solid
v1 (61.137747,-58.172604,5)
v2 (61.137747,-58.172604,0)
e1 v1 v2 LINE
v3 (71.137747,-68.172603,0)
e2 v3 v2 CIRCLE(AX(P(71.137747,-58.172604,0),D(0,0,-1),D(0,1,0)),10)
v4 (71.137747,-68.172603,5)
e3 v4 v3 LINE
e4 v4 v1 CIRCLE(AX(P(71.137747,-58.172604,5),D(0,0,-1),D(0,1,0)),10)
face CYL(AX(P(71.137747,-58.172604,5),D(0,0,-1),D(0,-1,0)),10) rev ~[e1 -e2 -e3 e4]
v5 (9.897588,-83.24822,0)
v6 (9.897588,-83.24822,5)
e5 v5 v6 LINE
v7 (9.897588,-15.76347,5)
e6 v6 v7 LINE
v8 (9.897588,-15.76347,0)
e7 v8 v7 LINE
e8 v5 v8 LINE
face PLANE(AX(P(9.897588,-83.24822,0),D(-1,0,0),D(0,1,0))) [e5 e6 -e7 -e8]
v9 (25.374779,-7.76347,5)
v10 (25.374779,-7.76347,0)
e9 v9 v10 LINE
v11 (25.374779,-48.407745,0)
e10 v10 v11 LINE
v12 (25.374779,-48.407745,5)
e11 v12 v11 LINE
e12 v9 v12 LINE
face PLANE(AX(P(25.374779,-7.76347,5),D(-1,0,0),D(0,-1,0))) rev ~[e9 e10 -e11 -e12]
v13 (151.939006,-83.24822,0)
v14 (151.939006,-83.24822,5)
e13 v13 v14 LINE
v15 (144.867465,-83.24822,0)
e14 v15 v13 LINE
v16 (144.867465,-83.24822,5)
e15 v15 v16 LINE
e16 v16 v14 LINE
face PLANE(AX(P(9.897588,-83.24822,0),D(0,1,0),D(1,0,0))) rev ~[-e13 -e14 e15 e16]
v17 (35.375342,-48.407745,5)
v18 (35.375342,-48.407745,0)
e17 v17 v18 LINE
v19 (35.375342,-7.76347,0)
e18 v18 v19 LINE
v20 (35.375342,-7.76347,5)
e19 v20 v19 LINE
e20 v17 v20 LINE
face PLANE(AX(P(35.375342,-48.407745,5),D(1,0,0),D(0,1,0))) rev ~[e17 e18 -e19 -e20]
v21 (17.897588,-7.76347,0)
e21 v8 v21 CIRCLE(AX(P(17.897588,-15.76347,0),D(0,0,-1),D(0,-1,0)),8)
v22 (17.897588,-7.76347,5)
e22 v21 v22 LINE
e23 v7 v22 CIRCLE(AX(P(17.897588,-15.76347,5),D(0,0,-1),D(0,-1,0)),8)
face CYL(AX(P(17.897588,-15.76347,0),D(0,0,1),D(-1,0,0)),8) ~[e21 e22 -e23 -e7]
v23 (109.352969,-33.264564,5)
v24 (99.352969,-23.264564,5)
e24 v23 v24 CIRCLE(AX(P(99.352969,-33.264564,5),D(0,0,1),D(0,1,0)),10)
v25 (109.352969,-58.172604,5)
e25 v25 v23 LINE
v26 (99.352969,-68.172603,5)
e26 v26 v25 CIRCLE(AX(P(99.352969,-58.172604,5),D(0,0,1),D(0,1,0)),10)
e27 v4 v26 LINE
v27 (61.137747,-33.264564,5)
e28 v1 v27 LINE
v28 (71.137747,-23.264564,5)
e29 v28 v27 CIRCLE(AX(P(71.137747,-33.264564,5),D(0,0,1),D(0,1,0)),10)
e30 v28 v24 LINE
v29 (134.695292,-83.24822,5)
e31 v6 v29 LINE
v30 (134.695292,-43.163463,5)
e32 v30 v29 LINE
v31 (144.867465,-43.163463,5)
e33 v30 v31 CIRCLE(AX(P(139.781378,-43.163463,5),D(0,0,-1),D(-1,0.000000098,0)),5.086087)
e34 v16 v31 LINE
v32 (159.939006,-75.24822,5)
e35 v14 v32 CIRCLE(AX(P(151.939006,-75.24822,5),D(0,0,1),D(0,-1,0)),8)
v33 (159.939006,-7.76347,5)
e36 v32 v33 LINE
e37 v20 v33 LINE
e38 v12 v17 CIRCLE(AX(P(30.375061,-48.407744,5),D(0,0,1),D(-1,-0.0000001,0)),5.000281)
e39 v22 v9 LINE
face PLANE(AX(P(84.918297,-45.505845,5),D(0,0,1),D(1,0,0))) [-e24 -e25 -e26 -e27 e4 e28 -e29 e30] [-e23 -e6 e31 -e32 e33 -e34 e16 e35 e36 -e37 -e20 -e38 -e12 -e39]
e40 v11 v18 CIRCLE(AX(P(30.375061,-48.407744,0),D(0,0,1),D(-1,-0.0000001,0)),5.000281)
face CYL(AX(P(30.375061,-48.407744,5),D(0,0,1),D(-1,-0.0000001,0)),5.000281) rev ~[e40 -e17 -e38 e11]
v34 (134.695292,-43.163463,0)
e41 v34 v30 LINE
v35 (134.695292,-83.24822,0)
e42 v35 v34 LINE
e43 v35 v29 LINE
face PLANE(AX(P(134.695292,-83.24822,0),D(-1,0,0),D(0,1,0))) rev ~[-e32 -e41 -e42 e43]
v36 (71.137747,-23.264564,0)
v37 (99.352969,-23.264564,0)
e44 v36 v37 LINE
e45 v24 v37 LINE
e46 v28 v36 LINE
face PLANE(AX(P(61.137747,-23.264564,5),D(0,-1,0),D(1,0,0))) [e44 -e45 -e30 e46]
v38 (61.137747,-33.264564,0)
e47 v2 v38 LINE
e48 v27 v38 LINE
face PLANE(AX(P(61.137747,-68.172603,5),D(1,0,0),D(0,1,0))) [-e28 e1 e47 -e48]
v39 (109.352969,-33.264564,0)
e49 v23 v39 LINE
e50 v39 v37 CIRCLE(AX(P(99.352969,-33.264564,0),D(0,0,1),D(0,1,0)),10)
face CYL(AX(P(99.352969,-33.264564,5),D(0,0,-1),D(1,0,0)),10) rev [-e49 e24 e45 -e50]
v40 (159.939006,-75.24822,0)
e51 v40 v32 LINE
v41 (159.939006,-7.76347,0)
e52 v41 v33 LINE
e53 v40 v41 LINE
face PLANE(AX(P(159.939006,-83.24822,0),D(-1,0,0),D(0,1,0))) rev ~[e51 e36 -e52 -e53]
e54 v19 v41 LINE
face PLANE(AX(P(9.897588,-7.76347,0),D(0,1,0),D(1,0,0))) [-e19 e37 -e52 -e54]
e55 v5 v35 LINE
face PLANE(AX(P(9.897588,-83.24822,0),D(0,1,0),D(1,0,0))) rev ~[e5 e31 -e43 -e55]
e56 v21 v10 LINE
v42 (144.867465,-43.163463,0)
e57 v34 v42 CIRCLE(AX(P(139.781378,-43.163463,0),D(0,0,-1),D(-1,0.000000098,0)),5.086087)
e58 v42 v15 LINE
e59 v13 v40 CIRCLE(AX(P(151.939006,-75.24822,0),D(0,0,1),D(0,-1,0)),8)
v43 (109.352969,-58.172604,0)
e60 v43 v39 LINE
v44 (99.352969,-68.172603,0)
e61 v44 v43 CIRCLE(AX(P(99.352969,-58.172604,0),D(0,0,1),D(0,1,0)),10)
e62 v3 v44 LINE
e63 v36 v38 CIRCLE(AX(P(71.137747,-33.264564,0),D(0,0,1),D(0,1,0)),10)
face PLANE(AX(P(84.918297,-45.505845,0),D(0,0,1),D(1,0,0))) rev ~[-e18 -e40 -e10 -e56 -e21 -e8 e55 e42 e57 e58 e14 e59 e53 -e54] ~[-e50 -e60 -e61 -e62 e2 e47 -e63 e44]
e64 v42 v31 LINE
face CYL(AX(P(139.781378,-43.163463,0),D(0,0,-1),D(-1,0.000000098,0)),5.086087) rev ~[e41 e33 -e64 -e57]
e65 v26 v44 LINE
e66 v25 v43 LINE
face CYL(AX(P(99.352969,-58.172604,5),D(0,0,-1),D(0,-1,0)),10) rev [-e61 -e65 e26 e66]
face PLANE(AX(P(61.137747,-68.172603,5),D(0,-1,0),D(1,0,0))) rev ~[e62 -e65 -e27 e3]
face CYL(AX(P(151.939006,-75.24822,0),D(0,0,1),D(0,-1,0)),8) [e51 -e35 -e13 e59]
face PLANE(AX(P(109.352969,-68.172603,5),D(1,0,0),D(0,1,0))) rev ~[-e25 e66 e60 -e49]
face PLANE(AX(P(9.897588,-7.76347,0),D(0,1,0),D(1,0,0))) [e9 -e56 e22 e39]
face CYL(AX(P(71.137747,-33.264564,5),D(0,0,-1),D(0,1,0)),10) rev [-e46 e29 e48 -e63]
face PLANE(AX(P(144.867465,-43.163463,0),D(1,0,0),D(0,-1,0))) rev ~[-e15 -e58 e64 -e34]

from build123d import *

# Parameters (mm, degrees)
F0_W     = 150.041418
F0_H     = 75.48475
F1_DEPTH = 5
F3_DEPTH = 9.8
F5_DEPTH = 15.9
F6_W     = 48.215222
F6_H     = 44.908039
F7_DEPTH = 12.5
F8_R     = 10
F9_R     = 8


with BuildPart() as f1:
    # F0 (on Top) → F1 (new body)
    with BuildSketch(Plane.XY):
        with Locations((84.918297, -45.505845)):
            Rectangle(F0_W, F0_H)
    extrude(amount=F1_DEPTH)

    # F2 (on face) → F3 (cut)
    with BuildSketch(Plane(origin=(0, 0, 0), x_dir=(1, 0, 0), z_dir=(0, 0, -1))):
        Polygon((144.867465, 78.199215), (144.867465, 83.24822), (134.695292, 83.24822), (134.695292, 43.163463), (144.867465, 43.163463), align=None)
        with BuildLine():
            ThreePointArc((134.695292, 43.163463), (139.781378, 38.077377), (144.867465, 43.163463))
            Line((144.867465, 43.163463), (134.695292, 43.163463))
        make_face()
    extrude(amount=-F3_DEPTH, mode=Mode.SUBTRACT)

    # F4 (on face) → F5 (cut)
    with BuildSketch(Plane.XY.offset(5)):
        Polygon((35.375342, -7.76347), (25.374779, -7.76347), (25.374779, -10.515515), (25.374779, -48.407745), (35.375342, -48.407745), align=None)
        with BuildLine():
            Line((35.375342, -48.407745), (25.374779, -48.407745))
            ThreePointArc((25.374779, -48.407745), (30.375061, -53.408026), (35.375342, -48.407745))
        make_face()
    extrude(amount=-F5_DEPTH, mode=Mode.SUBTRACT)

    # F6 (on face) → F7 (cut)
    with BuildSketch(Plane.XY.offset(5)):
        with Locations((85.245358, -45.718584)):
            Rectangle(F6_W, F6_H)
    extrude(amount=-F7_DEPTH, mode=Mode.SUBTRACT)

    # F8
    f8_edges = [f1.edges().sort_by_distance(p)[0] for p in [
        (109.352969, -23.264565, 2.5),
        (61.137747, -68.172604, 2.5),
        (109.352969, -68.172604, 2.5),
        (61.137747, -23.264565, 2.5),
    ]]
    fillet(f8_edges, radius=F8_R)

    # F9
    f9_edges = [f1.edges().sort_by_distance(p)[0] for p in [
        (9.897588, -7.76347, 2.5),
        (159.939006, -83.24822, 2.5),
    ]]
    fillet(f9_edges, radius=F9_R)


solid = f1.part
